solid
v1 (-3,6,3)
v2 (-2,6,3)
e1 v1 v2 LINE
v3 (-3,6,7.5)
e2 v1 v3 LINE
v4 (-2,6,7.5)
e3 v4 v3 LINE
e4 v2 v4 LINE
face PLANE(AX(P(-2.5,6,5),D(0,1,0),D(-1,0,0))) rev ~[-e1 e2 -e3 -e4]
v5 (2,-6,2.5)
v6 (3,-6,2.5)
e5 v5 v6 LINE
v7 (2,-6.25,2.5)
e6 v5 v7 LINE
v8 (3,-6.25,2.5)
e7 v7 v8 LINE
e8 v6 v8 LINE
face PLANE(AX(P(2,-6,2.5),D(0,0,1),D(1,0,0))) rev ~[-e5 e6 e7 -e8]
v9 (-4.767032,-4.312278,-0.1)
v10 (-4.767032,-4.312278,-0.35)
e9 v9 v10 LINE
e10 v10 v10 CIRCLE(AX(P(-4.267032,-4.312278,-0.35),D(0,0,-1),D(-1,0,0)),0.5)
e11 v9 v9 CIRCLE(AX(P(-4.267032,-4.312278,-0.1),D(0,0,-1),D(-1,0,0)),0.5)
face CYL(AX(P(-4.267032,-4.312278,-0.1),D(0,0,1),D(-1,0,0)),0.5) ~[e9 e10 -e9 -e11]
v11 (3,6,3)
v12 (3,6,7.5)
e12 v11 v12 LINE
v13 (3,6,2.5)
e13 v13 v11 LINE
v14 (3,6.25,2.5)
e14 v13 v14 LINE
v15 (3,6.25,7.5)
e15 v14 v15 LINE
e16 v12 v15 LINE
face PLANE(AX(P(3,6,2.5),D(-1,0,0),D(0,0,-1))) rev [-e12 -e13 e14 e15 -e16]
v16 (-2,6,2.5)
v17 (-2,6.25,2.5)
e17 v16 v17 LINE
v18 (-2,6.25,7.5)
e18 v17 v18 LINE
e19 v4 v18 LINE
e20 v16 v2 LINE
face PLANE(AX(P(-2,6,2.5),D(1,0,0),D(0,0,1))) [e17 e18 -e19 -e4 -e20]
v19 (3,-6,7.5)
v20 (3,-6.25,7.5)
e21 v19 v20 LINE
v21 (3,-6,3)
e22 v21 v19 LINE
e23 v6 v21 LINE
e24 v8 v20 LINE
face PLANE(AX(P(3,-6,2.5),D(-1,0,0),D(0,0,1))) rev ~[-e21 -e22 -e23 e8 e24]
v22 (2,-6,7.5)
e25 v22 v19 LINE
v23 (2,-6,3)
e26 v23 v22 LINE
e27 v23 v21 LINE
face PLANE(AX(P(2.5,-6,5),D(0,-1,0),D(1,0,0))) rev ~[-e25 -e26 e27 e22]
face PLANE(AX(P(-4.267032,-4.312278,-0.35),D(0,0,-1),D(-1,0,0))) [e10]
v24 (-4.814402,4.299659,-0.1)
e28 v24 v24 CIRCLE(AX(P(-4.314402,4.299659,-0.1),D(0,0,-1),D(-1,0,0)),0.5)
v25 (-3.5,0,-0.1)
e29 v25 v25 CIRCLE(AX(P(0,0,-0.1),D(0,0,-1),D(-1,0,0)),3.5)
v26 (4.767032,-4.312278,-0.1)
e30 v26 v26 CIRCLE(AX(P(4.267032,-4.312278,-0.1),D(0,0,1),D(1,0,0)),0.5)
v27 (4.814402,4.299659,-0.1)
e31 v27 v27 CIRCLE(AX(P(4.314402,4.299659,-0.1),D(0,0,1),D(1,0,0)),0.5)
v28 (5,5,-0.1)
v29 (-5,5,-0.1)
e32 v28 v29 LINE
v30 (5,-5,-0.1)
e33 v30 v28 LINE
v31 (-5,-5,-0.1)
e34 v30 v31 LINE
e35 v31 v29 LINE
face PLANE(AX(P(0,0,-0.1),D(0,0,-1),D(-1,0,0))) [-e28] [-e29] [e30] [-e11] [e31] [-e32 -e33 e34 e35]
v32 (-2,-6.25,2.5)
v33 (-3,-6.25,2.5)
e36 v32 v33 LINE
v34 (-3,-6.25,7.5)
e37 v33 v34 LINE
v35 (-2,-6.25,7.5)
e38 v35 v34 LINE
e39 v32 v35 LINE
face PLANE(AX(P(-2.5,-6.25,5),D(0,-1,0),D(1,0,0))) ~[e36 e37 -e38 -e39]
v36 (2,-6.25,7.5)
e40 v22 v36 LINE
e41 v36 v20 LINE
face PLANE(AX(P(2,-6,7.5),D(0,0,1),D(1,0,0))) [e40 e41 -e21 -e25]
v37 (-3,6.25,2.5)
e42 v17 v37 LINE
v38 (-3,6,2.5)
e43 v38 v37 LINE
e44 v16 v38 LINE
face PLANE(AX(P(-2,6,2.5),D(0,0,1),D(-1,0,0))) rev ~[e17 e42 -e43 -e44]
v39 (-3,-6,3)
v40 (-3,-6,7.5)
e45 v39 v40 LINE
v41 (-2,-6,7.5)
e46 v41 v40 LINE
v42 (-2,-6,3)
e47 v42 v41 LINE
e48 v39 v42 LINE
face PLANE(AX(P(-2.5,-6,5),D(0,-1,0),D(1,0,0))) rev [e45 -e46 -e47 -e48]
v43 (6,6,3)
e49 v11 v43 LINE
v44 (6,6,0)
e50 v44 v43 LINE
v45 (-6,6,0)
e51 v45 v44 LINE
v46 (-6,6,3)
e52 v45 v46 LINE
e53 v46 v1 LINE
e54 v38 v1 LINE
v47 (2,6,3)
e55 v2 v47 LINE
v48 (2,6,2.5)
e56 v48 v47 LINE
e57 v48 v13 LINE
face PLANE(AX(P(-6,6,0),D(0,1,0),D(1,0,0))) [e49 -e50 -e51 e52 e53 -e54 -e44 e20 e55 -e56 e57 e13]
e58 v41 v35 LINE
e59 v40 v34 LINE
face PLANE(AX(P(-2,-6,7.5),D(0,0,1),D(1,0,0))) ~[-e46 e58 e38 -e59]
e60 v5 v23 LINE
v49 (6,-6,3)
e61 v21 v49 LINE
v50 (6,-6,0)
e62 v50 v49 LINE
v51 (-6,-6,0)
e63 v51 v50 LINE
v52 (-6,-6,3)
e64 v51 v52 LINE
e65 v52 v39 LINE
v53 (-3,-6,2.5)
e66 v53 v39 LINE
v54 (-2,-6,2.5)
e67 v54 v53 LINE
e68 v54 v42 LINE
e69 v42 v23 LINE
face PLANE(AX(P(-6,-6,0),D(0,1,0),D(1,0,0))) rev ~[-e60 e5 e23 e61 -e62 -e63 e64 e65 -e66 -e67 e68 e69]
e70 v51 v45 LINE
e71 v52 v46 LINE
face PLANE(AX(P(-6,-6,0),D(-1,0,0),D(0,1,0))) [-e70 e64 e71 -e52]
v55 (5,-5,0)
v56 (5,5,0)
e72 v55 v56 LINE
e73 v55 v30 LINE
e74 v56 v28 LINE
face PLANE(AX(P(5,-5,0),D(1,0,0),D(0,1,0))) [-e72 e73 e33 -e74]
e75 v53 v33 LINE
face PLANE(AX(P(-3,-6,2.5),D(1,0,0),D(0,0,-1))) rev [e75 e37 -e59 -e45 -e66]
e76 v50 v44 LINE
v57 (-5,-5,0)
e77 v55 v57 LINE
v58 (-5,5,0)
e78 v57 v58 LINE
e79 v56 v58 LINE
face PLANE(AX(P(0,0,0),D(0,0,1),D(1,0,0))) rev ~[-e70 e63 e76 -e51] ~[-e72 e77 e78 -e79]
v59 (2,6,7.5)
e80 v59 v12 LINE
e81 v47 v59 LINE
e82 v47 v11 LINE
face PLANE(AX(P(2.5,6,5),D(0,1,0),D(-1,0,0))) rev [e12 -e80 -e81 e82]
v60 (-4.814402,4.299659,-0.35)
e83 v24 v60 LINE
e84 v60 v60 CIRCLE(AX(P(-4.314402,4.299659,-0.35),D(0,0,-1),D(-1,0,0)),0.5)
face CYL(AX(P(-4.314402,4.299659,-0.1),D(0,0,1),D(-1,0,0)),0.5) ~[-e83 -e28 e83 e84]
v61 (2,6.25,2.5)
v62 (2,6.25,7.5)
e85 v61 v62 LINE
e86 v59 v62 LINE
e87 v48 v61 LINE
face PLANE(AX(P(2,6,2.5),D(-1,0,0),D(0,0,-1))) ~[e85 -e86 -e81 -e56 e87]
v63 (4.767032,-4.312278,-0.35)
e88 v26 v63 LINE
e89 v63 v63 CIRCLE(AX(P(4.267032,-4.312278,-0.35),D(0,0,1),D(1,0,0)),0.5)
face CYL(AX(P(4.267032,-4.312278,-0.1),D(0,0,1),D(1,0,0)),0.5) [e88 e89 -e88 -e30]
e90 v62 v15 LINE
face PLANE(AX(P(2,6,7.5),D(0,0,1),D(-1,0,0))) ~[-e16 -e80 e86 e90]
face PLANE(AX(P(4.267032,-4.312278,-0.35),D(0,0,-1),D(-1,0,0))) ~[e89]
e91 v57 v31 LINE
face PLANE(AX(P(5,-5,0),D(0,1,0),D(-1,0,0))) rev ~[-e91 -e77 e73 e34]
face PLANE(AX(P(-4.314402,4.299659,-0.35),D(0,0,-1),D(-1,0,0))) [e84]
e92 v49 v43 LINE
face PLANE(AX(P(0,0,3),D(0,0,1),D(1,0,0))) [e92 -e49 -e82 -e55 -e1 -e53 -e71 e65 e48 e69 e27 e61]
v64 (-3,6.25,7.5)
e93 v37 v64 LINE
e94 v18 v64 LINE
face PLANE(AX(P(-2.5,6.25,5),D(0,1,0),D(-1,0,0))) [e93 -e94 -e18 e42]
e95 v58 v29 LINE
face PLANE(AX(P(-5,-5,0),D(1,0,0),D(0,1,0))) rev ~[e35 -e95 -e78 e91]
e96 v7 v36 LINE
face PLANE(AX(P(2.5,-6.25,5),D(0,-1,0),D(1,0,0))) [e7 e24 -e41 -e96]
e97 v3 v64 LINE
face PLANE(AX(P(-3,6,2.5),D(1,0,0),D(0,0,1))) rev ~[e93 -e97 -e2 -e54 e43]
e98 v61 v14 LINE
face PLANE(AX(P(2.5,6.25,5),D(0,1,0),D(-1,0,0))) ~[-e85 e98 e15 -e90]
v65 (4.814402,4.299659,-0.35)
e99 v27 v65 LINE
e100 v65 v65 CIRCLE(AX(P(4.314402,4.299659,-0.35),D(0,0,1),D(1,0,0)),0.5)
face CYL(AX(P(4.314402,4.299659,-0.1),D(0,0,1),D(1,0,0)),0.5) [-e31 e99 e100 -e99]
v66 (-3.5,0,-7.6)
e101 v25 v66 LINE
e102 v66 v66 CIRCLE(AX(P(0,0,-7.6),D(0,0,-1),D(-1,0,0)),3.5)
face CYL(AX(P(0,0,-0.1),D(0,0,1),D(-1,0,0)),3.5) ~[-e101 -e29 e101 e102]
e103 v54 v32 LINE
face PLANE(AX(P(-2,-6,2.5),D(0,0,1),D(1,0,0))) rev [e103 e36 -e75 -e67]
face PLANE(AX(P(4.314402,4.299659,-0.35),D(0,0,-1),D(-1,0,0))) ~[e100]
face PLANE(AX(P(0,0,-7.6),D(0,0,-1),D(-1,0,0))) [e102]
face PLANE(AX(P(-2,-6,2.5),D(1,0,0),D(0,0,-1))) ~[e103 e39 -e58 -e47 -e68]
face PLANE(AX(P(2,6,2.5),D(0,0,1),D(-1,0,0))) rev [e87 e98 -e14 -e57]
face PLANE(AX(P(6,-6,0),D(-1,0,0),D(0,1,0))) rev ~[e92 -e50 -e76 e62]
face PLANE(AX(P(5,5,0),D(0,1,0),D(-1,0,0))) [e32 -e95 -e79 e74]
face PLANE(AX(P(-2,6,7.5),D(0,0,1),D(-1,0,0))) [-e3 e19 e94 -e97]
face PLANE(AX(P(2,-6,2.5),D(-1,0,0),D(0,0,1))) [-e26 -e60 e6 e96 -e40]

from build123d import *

# Parameters (mm, degrees)
SKETCH1_W               = 12
SKETCH1_H               = 12
BOSS_EXTRUDE1_DEPTH     = 3
SKETCH4_W               = 10
SKETCH4_H               = 10
BOSS_EXTRUDE2_DEPTH     = 0.1
SKETCH5_R               = 0.5
BOSS_EXTRUDE3_DEPTH     = 0.25
SKETCH7_R               = 0.5
BOSS_EXTRUDE4_DEPTH     = 0.25
SKETCH9_R               = 3.5
BOSS_EXTRUDE5_DEPTH     = 7.5
SKETCH10_W              = 1
SKETCH10_H              = 5
BOSS_EXTRUDE6_DEPTH     = 0.25
MIRROR3_COPY_1_SKETCH_W = 1
MIRROR3_COPY_1_SKETCH_H = 5
MIRROR3_COPY_1_DEPTH    = 0.25


with BuildPart() as part:
    # Sketch1 → Boss-Extrude1 (new body)
    with BuildSketch(Plane.XY):
        Rectangle(SKETCH1_W, SKETCH1_H)
    extrude(amount=BOSS_EXTRUDE1_DEPTH)

    # Sketch4 → Boss-Extrude2 (add)
    with BuildSketch(Plane(origin=(0, 0, 0), x_dir=(-1, 0, 0), z_dir=(0, 0, -1))):
        Rectangle(SKETCH4_W, SKETCH4_H)
    extrude(amount=BOSS_EXTRUDE2_DEPTH)

    # Sketch5 → Boss-Extrude3 (add)
    with BuildSketch(Plane(origin=(0, 0, -0.1), x_dir=(-1, 0, 0), z_dir=(0, 0, -1))):
        with Locations((4.314401818, 4.299659248)):
            Circle(SKETCH5_R)
    boss_extrude3 = extrude(amount=BOSS_EXTRUDE3_DEPTH)

    # Sketch7 → Boss-Extrude4 (add)
    with BuildSketch(Plane(origin=(-0.182739642, -0.928429526, -0.1), x_dir=(-1, 0, 0), z_dir=(0, 0, -1))):
        with Locations((4.084292385, -3.383848304)):
            Circle(SKETCH7_R)
    boss_extrude4 = extrude(amount=BOSS_EXTRUDE4_DEPTH)

    # Mirror1: Boss-Extrude3, Boss-Extrude4 across plane
    add(boss_extrude3.mirror(Plane(origin=(0, 0, 0), x_dir=(0, 0, 1), z_dir=(1, 0, 0))))
    add(boss_extrude4.mirror(Plane(origin=(0, 0, 0), x_dir=(0, 0, 1), z_dir=(1, 0, 0))))

    # Sketch9 → Boss-Extrude5 (add)
    with BuildSketch(Plane(origin=(0, 0, -0.1), x_dir=(-1, 0, 0), z_dir=(0, 0, -1))):
        Circle(SKETCH9_R)
    extrude(amount=BOSS_EXTRUDE5_DEPTH)

    # Sketch10 → Boss-Extrude6 (add)
    with BuildSketch(Plane.XZ.offset(6)):
        with Locations((2.5, 5)):
            Rectangle(SKETCH10_W, SKETCH10_H)
    boss_extrude6 = extrude(amount=BOSS_EXTRUDE6_DEPTH)

    # Mirror2: Boss-Extrude6 across plane
    add(boss_extrude6.mirror(Plane(origin=(0, 0, 0), x_dir=(0, 0, 1), z_dir=(1, 0, 0))))

    # Mirror3: Boss-Extrude6 across plane
    add(boss_extrude6.mirror(Plane.ZX))

    # Mirror3 copy 1 sketch → Mirror3 copy 1 (add)
    with BuildSketch(Plane(origin=(0, 6, 0), x_dir=(-1, 0, 0), z_dir=(0, 1, 0))):
        with Locations((2.5, 5)):
            Rectangle(MIRROR3_COPY_1_SKETCH_W, MIRROR3_COPY_1_SKETCH_H)
    extrude(amount=MIRROR3_COPY_1_DEPTH)


solid = part.part
